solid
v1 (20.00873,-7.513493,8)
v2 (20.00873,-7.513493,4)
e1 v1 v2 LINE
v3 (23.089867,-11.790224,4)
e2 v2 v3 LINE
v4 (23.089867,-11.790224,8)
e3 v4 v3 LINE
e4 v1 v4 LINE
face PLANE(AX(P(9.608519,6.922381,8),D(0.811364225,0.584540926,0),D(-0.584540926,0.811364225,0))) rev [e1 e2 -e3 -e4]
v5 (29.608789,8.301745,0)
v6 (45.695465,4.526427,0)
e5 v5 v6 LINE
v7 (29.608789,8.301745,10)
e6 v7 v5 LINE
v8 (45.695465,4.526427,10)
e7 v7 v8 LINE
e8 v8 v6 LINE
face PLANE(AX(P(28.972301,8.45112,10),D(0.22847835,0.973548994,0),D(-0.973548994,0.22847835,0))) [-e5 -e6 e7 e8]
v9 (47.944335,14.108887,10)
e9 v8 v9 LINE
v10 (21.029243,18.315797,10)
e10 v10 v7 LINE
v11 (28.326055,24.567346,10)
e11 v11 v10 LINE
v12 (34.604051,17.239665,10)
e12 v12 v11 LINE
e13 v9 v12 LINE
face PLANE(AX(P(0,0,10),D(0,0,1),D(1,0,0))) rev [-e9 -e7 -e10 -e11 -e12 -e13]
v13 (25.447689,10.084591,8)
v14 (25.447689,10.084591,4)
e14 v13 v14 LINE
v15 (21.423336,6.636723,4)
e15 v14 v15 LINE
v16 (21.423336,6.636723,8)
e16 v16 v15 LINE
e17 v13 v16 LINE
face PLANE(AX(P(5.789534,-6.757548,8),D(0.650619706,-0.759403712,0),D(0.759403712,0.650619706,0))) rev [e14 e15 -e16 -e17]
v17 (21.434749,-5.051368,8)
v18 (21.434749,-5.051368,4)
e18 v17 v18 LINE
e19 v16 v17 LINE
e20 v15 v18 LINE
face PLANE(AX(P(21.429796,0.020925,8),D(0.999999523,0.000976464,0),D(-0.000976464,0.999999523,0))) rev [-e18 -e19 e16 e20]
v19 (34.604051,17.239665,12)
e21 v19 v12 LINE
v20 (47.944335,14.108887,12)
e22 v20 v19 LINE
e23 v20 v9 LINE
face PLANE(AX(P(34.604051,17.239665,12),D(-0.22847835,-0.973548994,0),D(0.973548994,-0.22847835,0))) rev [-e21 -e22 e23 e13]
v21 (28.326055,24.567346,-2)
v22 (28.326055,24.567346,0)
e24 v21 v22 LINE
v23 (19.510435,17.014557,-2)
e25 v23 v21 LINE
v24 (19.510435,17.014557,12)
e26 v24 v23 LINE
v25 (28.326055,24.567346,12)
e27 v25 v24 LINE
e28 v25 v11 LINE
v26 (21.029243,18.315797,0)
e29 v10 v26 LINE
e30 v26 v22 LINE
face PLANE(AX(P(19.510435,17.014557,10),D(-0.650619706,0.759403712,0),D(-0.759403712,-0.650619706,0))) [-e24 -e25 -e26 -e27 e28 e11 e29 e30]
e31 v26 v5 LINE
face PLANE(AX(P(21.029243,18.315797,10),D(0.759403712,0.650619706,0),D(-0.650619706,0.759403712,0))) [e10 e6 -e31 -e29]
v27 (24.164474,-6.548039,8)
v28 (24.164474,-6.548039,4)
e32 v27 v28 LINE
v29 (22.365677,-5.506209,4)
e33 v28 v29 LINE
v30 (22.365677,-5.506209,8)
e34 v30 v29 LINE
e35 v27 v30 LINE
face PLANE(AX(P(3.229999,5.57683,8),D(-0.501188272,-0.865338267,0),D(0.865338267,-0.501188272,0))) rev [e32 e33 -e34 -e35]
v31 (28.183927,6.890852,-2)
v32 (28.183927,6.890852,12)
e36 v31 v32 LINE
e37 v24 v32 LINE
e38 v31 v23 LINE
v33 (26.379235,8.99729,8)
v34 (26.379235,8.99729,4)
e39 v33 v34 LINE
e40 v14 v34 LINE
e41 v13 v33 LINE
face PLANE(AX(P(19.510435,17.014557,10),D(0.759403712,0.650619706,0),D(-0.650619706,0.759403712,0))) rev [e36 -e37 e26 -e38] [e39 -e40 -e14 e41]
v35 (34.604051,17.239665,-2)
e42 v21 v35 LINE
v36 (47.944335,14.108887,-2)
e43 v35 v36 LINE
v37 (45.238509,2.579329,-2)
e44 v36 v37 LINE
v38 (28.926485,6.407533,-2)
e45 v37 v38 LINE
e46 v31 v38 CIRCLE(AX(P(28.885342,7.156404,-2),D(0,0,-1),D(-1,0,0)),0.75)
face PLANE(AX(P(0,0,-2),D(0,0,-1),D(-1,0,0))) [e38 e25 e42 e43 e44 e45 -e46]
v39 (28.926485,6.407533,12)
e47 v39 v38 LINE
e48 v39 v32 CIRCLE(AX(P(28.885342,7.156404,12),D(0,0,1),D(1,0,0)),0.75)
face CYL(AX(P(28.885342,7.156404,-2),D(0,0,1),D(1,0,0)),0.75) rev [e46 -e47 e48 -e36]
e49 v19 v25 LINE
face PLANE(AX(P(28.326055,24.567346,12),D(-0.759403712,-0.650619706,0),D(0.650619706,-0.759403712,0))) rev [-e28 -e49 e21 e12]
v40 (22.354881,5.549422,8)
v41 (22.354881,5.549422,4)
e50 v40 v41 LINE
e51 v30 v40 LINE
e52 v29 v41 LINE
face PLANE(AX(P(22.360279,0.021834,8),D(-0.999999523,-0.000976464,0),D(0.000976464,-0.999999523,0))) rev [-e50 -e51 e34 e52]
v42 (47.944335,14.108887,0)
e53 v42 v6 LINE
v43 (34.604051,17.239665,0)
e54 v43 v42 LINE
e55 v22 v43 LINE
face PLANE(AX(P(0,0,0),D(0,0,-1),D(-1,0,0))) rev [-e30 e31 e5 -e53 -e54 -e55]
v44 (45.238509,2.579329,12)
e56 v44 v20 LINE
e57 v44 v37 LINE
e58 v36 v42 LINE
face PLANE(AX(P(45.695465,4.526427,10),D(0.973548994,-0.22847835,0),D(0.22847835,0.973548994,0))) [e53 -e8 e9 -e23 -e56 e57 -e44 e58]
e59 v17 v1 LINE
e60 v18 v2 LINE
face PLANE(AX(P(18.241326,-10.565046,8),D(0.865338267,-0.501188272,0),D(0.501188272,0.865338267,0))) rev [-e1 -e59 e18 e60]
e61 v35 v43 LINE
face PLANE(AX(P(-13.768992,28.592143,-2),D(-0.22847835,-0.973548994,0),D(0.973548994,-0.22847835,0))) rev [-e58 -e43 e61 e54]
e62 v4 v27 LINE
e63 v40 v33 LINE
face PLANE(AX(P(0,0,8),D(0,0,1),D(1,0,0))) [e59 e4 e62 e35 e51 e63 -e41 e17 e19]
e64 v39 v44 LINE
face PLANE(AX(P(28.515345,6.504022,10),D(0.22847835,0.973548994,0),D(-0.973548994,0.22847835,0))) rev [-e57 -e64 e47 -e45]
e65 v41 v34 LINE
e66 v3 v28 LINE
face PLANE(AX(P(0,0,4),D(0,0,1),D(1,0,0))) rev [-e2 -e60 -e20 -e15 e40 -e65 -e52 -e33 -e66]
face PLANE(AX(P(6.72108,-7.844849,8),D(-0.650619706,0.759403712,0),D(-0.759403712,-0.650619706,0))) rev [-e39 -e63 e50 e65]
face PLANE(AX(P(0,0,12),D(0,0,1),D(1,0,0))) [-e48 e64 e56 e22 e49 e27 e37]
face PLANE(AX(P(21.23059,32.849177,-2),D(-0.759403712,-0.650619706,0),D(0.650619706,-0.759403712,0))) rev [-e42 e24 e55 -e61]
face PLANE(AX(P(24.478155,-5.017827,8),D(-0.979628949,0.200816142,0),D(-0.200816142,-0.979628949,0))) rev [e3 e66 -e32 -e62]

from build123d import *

# Parameters (mm, degrees)
EXTRUDE_THIN1_DEPTH = 10
BOSS_EXTRUDE1_DEPTH = 2
BOSS_EXTRUDE2_START = -10
BOSS_EXTRUDE2_DEPTH = 2
SKETCH3_R           = 0.75
CUT_EXTRUDE1_DEPTH  = 56.66160031
BOSS_EXTRUDE3_START = -8
BOSS_EXTRUDE3_DEPTH = 4


with BuildPart() as part:
    # Sketch1 → Extrude-Thin1 (new body)
    with BuildSketch(Plane(origin=(-21.326839193, -3.611933395, 0), x_dir=(1, 0, 0), z_dir=(0, 0, 1))):
        Polygon((40.837274636, 20.62649088), (49.842183721, 10.115955591), (66.565347849, 6.191262572), (67.022304548, 8.13836056), (50.935628307, 11.913678763), (42.35608206, 21.927730293), align=None)
    extrude(amount=EXTRUDE_THIN1_DEPTH)

    # Sketch2 → Boss-Extrude1 (add)
    with BuildSketch(Plane.XY.offset(10)):
        Polygon((19.510435444, 17.014557485), (28.32605504, 24.567346264), (34.604051118, 17.239665473), (47.944334875, 14.108887223), (45.238508656, 2.579329178), (28.515344528, 6.504022197), align=None)
    extrude(amount=BOSS_EXTRUDE1_DEPTH)

    # Sketch2<2> → Boss-Extrude2 (add)
    with BuildSketch(Plane.XY.offset(10).offset(BOSS_EXTRUDE2_START)):
        Polygon((21.029242867, 18.315796898), (19.510435444, 17.014557485), (28.515344528, 6.504022197), (45.238508656, 2.579329178), (45.695465355, 4.526427166), (29.608789115, 8.301745368), align=None)
        Polygon((28.32605504, 24.567346264), (21.029242867, 18.315796898), (29.608789115, 8.301745368), (45.695465355, 4.526427166), (47.944334875, 14.108887223), (34.604051118, 17.239665473), align=None)
    extrude(amount=-BOSS_EXTRUDE2_DEPTH)

    # Sketch3 → Cut-Extrude1 (cut, through all)
    with BuildSketch(Plane.XY.offset(12)):
        with Locations((28.885341988, 7.156403894)):
            Circle(SKETCH3_R)
    extrude(amount=-CUT_EXTRUDE1_DEPTH, mode=Mode.SUBTRACT)

    # Sketch4 → Boss-Extrude3 (add)
    with BuildSketch(Plane.XY.offset(12).offset(BOSS_EXTRUDE3_START)):
        Polygon((26.37923513, 8.997290369), (25.447689261, 10.084591266), (21.423335505, 6.636723131), (21.434748512, -5.051368103), (20.008730224, -7.513493145), (23.089867331, -11.79022436), (24.164473573, -6.548039274), (22.365676805, -5.506208724), (22.354881373, 5.549422234), align=None)
    extrude(amount=BOSS_EXTRUDE3_DEPTH)


solid = part.part
